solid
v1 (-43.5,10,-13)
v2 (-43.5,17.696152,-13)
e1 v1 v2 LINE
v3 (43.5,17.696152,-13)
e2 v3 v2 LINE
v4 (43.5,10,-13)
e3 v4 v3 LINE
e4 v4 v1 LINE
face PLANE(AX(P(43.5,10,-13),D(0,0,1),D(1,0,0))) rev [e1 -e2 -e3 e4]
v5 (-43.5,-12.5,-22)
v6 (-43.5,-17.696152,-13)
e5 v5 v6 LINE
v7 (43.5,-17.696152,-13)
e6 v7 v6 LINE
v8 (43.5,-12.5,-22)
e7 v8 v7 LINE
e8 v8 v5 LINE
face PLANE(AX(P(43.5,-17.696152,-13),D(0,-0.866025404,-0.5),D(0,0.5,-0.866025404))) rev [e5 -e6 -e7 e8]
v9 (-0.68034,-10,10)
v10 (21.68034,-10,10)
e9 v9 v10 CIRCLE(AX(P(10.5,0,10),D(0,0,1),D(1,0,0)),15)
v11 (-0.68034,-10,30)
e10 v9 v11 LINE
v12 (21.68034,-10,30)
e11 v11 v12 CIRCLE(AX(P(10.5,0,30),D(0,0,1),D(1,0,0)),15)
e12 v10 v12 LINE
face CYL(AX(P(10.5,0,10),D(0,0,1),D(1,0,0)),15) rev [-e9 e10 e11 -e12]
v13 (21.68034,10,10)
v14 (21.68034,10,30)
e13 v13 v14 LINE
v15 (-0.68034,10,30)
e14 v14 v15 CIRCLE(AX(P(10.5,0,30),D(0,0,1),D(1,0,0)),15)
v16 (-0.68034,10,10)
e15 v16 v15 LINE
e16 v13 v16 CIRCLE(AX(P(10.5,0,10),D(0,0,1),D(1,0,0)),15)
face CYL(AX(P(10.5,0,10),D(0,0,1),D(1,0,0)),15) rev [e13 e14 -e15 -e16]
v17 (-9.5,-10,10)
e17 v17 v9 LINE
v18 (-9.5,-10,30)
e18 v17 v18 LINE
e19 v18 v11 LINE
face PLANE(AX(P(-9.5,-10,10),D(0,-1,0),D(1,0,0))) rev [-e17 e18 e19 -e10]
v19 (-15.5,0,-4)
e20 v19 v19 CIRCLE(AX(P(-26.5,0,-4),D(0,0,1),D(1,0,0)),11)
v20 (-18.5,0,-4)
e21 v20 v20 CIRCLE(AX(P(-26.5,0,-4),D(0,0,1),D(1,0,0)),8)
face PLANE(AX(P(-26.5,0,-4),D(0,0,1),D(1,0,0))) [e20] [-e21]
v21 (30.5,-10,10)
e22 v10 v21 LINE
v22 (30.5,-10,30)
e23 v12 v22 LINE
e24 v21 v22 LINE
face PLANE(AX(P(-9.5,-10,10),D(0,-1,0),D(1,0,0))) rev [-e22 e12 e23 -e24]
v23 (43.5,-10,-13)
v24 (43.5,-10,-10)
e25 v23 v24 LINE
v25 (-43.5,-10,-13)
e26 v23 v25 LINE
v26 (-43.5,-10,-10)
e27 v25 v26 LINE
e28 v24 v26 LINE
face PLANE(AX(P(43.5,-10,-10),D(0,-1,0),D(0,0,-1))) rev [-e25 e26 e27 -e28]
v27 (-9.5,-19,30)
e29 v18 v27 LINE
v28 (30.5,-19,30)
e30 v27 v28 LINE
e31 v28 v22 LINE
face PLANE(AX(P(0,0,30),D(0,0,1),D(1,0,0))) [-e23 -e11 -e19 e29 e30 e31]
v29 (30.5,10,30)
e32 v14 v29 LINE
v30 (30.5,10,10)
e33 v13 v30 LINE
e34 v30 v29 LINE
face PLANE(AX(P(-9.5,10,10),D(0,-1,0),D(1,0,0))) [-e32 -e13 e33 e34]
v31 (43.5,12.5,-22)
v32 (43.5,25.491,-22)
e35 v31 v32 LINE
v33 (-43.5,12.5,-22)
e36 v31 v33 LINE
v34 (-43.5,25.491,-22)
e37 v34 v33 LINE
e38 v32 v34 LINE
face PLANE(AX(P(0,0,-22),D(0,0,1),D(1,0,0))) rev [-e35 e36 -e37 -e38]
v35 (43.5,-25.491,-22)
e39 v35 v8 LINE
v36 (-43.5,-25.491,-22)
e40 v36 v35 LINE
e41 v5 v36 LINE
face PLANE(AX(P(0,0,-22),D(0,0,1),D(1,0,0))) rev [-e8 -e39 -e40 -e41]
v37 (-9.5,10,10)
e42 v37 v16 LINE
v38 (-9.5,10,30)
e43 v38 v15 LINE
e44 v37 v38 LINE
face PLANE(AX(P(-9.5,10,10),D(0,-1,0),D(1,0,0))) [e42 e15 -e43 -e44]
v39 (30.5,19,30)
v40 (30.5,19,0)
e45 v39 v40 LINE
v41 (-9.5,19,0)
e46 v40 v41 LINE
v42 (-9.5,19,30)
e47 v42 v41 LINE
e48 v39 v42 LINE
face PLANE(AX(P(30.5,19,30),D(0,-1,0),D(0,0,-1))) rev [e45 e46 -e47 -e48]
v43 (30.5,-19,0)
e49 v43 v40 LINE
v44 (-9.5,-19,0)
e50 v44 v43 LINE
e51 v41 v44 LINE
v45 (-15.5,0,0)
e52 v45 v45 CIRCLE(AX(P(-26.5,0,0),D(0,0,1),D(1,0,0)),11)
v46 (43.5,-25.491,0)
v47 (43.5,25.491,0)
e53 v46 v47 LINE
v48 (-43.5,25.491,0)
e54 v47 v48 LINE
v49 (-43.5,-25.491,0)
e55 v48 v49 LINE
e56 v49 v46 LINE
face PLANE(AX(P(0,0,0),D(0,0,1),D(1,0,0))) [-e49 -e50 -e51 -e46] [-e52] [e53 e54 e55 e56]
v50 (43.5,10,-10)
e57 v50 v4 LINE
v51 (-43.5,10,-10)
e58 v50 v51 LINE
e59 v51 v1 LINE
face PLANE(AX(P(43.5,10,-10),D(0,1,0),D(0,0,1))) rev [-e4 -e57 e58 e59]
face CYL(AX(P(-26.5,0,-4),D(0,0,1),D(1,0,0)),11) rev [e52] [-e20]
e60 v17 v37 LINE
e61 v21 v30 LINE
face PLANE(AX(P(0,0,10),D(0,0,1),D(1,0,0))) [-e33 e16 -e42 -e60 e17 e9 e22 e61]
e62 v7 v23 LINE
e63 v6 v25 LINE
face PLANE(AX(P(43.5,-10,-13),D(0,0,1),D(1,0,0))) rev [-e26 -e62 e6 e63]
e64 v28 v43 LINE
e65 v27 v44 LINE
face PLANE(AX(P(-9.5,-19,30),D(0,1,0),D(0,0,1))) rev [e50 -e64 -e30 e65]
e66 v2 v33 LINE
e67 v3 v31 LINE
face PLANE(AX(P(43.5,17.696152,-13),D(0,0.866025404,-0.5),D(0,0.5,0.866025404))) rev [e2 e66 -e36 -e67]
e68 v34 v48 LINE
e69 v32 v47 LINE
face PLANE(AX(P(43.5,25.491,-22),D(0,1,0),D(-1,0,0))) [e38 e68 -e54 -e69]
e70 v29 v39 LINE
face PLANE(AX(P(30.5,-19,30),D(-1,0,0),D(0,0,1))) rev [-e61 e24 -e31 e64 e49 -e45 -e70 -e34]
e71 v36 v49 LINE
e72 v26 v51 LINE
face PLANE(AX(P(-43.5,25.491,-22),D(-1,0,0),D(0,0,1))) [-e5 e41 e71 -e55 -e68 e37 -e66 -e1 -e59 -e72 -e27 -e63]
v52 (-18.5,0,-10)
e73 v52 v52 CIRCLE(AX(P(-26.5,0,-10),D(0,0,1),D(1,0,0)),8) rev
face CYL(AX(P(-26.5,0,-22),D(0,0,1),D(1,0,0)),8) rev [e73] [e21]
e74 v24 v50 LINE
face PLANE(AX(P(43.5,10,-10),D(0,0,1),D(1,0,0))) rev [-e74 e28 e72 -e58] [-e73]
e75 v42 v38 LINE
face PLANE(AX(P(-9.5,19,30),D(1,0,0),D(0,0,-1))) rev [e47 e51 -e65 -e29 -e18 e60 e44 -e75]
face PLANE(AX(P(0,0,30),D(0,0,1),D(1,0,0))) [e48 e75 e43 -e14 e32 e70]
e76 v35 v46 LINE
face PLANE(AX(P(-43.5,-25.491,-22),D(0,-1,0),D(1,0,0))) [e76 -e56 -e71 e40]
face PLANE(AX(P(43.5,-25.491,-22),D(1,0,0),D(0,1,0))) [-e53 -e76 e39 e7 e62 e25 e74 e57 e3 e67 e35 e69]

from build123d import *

# Parameters (mm, degrees)
SKETCH1_W         = 87
SKETCH1_H         = 50.982
BASE_YELLOW_DEPTH = 22
SKETCH2_R         = 11
COUNTERBOR_DEPTH  = 4
SKETCH2_5_R       = 8
COUNTERBOR2_DEPTH = 56.009463559
SKETCH5_W         = 40
SKETCH5_H         = 38
BASE_RED_DEPTH    = 30
BASE_PURPLE_DEPTH = 20
BASE_TURKIZ_DEPTH = 96.492361375


with BuildPart() as part:
    # Sketch1 → base-yellow (new body)
    with BuildSketch(Plane.XY):
        Rectangle(SKETCH1_W, SKETCH1_H)
    extrude(amount=-BASE_YELLOW_DEPTH)

    # Sketch2 → counterbor (cut)
    with BuildSketch(Plane.XY):
        with Locations((-26.5, 0)):
            Circle(SKETCH2_R)
    extrude(amount=-COUNTERBOR_DEPTH, mode=Mode.SUBTRACT)

    # Sketch2<5> → counterbor2 (cut, through all)
    with BuildSketch(Plane.XY):
        with Locations((-26.5, 0)):
            Circle(SKETCH2_5_R)
    extrude(amount=-COUNTERBOR2_DEPTH, mode=Mode.SUBTRACT)

    # Sketch5 → base-red (add)
    with BuildSketch(Plane.XY):
        with Locations((10.5, 0)):
            Rectangle(SKETCH5_W, SKETCH5_H)
    extrude(amount=BASE_RED_DEPTH)

    # Sketch7 → base-purple (cut)
    with BuildSketch(Plane.XY.offset(30)):
        with BuildLine():
            Line((-9.5, 10), (-9.5, -10))
            Line((-9.5, -10), (-0.680339887, -10))
            ThreePointArc((-0.680339887, -10), (10.5, -15), (21.680339887, -10))
            Line((21.680339887, -10), (30.5, -10))
            Line((30.5, -10), (30.5, 10))
            Line((30.5, 10), (21.680339887, 10))
            ThreePointArc((21.680339887, 10), (10.5, 15), (-0.680339887, 10))
            Line((-0.680339887, 10), (-9.5, 10))
        make_face()
    extrude(amount=-BASE_PURPLE_DEPTH, mode=Mode.SUBTRACT)

    # Sketch8 → base-turkiz (cut, through all)
    with BuildSketch(Plane.ZY.offset(43.5)):
        Polygon((-10, 10), (-10, -10), (-13, -10), (-13, -17.696152423), (-22, -12.5), (-22, 12.5), (-13, 17.696152423), (-13, 10), align=None)
    extrude(amount=-BASE_TURKIZ_DEPTH, mode=Mode.SUBTRACT)


solid = part.part
